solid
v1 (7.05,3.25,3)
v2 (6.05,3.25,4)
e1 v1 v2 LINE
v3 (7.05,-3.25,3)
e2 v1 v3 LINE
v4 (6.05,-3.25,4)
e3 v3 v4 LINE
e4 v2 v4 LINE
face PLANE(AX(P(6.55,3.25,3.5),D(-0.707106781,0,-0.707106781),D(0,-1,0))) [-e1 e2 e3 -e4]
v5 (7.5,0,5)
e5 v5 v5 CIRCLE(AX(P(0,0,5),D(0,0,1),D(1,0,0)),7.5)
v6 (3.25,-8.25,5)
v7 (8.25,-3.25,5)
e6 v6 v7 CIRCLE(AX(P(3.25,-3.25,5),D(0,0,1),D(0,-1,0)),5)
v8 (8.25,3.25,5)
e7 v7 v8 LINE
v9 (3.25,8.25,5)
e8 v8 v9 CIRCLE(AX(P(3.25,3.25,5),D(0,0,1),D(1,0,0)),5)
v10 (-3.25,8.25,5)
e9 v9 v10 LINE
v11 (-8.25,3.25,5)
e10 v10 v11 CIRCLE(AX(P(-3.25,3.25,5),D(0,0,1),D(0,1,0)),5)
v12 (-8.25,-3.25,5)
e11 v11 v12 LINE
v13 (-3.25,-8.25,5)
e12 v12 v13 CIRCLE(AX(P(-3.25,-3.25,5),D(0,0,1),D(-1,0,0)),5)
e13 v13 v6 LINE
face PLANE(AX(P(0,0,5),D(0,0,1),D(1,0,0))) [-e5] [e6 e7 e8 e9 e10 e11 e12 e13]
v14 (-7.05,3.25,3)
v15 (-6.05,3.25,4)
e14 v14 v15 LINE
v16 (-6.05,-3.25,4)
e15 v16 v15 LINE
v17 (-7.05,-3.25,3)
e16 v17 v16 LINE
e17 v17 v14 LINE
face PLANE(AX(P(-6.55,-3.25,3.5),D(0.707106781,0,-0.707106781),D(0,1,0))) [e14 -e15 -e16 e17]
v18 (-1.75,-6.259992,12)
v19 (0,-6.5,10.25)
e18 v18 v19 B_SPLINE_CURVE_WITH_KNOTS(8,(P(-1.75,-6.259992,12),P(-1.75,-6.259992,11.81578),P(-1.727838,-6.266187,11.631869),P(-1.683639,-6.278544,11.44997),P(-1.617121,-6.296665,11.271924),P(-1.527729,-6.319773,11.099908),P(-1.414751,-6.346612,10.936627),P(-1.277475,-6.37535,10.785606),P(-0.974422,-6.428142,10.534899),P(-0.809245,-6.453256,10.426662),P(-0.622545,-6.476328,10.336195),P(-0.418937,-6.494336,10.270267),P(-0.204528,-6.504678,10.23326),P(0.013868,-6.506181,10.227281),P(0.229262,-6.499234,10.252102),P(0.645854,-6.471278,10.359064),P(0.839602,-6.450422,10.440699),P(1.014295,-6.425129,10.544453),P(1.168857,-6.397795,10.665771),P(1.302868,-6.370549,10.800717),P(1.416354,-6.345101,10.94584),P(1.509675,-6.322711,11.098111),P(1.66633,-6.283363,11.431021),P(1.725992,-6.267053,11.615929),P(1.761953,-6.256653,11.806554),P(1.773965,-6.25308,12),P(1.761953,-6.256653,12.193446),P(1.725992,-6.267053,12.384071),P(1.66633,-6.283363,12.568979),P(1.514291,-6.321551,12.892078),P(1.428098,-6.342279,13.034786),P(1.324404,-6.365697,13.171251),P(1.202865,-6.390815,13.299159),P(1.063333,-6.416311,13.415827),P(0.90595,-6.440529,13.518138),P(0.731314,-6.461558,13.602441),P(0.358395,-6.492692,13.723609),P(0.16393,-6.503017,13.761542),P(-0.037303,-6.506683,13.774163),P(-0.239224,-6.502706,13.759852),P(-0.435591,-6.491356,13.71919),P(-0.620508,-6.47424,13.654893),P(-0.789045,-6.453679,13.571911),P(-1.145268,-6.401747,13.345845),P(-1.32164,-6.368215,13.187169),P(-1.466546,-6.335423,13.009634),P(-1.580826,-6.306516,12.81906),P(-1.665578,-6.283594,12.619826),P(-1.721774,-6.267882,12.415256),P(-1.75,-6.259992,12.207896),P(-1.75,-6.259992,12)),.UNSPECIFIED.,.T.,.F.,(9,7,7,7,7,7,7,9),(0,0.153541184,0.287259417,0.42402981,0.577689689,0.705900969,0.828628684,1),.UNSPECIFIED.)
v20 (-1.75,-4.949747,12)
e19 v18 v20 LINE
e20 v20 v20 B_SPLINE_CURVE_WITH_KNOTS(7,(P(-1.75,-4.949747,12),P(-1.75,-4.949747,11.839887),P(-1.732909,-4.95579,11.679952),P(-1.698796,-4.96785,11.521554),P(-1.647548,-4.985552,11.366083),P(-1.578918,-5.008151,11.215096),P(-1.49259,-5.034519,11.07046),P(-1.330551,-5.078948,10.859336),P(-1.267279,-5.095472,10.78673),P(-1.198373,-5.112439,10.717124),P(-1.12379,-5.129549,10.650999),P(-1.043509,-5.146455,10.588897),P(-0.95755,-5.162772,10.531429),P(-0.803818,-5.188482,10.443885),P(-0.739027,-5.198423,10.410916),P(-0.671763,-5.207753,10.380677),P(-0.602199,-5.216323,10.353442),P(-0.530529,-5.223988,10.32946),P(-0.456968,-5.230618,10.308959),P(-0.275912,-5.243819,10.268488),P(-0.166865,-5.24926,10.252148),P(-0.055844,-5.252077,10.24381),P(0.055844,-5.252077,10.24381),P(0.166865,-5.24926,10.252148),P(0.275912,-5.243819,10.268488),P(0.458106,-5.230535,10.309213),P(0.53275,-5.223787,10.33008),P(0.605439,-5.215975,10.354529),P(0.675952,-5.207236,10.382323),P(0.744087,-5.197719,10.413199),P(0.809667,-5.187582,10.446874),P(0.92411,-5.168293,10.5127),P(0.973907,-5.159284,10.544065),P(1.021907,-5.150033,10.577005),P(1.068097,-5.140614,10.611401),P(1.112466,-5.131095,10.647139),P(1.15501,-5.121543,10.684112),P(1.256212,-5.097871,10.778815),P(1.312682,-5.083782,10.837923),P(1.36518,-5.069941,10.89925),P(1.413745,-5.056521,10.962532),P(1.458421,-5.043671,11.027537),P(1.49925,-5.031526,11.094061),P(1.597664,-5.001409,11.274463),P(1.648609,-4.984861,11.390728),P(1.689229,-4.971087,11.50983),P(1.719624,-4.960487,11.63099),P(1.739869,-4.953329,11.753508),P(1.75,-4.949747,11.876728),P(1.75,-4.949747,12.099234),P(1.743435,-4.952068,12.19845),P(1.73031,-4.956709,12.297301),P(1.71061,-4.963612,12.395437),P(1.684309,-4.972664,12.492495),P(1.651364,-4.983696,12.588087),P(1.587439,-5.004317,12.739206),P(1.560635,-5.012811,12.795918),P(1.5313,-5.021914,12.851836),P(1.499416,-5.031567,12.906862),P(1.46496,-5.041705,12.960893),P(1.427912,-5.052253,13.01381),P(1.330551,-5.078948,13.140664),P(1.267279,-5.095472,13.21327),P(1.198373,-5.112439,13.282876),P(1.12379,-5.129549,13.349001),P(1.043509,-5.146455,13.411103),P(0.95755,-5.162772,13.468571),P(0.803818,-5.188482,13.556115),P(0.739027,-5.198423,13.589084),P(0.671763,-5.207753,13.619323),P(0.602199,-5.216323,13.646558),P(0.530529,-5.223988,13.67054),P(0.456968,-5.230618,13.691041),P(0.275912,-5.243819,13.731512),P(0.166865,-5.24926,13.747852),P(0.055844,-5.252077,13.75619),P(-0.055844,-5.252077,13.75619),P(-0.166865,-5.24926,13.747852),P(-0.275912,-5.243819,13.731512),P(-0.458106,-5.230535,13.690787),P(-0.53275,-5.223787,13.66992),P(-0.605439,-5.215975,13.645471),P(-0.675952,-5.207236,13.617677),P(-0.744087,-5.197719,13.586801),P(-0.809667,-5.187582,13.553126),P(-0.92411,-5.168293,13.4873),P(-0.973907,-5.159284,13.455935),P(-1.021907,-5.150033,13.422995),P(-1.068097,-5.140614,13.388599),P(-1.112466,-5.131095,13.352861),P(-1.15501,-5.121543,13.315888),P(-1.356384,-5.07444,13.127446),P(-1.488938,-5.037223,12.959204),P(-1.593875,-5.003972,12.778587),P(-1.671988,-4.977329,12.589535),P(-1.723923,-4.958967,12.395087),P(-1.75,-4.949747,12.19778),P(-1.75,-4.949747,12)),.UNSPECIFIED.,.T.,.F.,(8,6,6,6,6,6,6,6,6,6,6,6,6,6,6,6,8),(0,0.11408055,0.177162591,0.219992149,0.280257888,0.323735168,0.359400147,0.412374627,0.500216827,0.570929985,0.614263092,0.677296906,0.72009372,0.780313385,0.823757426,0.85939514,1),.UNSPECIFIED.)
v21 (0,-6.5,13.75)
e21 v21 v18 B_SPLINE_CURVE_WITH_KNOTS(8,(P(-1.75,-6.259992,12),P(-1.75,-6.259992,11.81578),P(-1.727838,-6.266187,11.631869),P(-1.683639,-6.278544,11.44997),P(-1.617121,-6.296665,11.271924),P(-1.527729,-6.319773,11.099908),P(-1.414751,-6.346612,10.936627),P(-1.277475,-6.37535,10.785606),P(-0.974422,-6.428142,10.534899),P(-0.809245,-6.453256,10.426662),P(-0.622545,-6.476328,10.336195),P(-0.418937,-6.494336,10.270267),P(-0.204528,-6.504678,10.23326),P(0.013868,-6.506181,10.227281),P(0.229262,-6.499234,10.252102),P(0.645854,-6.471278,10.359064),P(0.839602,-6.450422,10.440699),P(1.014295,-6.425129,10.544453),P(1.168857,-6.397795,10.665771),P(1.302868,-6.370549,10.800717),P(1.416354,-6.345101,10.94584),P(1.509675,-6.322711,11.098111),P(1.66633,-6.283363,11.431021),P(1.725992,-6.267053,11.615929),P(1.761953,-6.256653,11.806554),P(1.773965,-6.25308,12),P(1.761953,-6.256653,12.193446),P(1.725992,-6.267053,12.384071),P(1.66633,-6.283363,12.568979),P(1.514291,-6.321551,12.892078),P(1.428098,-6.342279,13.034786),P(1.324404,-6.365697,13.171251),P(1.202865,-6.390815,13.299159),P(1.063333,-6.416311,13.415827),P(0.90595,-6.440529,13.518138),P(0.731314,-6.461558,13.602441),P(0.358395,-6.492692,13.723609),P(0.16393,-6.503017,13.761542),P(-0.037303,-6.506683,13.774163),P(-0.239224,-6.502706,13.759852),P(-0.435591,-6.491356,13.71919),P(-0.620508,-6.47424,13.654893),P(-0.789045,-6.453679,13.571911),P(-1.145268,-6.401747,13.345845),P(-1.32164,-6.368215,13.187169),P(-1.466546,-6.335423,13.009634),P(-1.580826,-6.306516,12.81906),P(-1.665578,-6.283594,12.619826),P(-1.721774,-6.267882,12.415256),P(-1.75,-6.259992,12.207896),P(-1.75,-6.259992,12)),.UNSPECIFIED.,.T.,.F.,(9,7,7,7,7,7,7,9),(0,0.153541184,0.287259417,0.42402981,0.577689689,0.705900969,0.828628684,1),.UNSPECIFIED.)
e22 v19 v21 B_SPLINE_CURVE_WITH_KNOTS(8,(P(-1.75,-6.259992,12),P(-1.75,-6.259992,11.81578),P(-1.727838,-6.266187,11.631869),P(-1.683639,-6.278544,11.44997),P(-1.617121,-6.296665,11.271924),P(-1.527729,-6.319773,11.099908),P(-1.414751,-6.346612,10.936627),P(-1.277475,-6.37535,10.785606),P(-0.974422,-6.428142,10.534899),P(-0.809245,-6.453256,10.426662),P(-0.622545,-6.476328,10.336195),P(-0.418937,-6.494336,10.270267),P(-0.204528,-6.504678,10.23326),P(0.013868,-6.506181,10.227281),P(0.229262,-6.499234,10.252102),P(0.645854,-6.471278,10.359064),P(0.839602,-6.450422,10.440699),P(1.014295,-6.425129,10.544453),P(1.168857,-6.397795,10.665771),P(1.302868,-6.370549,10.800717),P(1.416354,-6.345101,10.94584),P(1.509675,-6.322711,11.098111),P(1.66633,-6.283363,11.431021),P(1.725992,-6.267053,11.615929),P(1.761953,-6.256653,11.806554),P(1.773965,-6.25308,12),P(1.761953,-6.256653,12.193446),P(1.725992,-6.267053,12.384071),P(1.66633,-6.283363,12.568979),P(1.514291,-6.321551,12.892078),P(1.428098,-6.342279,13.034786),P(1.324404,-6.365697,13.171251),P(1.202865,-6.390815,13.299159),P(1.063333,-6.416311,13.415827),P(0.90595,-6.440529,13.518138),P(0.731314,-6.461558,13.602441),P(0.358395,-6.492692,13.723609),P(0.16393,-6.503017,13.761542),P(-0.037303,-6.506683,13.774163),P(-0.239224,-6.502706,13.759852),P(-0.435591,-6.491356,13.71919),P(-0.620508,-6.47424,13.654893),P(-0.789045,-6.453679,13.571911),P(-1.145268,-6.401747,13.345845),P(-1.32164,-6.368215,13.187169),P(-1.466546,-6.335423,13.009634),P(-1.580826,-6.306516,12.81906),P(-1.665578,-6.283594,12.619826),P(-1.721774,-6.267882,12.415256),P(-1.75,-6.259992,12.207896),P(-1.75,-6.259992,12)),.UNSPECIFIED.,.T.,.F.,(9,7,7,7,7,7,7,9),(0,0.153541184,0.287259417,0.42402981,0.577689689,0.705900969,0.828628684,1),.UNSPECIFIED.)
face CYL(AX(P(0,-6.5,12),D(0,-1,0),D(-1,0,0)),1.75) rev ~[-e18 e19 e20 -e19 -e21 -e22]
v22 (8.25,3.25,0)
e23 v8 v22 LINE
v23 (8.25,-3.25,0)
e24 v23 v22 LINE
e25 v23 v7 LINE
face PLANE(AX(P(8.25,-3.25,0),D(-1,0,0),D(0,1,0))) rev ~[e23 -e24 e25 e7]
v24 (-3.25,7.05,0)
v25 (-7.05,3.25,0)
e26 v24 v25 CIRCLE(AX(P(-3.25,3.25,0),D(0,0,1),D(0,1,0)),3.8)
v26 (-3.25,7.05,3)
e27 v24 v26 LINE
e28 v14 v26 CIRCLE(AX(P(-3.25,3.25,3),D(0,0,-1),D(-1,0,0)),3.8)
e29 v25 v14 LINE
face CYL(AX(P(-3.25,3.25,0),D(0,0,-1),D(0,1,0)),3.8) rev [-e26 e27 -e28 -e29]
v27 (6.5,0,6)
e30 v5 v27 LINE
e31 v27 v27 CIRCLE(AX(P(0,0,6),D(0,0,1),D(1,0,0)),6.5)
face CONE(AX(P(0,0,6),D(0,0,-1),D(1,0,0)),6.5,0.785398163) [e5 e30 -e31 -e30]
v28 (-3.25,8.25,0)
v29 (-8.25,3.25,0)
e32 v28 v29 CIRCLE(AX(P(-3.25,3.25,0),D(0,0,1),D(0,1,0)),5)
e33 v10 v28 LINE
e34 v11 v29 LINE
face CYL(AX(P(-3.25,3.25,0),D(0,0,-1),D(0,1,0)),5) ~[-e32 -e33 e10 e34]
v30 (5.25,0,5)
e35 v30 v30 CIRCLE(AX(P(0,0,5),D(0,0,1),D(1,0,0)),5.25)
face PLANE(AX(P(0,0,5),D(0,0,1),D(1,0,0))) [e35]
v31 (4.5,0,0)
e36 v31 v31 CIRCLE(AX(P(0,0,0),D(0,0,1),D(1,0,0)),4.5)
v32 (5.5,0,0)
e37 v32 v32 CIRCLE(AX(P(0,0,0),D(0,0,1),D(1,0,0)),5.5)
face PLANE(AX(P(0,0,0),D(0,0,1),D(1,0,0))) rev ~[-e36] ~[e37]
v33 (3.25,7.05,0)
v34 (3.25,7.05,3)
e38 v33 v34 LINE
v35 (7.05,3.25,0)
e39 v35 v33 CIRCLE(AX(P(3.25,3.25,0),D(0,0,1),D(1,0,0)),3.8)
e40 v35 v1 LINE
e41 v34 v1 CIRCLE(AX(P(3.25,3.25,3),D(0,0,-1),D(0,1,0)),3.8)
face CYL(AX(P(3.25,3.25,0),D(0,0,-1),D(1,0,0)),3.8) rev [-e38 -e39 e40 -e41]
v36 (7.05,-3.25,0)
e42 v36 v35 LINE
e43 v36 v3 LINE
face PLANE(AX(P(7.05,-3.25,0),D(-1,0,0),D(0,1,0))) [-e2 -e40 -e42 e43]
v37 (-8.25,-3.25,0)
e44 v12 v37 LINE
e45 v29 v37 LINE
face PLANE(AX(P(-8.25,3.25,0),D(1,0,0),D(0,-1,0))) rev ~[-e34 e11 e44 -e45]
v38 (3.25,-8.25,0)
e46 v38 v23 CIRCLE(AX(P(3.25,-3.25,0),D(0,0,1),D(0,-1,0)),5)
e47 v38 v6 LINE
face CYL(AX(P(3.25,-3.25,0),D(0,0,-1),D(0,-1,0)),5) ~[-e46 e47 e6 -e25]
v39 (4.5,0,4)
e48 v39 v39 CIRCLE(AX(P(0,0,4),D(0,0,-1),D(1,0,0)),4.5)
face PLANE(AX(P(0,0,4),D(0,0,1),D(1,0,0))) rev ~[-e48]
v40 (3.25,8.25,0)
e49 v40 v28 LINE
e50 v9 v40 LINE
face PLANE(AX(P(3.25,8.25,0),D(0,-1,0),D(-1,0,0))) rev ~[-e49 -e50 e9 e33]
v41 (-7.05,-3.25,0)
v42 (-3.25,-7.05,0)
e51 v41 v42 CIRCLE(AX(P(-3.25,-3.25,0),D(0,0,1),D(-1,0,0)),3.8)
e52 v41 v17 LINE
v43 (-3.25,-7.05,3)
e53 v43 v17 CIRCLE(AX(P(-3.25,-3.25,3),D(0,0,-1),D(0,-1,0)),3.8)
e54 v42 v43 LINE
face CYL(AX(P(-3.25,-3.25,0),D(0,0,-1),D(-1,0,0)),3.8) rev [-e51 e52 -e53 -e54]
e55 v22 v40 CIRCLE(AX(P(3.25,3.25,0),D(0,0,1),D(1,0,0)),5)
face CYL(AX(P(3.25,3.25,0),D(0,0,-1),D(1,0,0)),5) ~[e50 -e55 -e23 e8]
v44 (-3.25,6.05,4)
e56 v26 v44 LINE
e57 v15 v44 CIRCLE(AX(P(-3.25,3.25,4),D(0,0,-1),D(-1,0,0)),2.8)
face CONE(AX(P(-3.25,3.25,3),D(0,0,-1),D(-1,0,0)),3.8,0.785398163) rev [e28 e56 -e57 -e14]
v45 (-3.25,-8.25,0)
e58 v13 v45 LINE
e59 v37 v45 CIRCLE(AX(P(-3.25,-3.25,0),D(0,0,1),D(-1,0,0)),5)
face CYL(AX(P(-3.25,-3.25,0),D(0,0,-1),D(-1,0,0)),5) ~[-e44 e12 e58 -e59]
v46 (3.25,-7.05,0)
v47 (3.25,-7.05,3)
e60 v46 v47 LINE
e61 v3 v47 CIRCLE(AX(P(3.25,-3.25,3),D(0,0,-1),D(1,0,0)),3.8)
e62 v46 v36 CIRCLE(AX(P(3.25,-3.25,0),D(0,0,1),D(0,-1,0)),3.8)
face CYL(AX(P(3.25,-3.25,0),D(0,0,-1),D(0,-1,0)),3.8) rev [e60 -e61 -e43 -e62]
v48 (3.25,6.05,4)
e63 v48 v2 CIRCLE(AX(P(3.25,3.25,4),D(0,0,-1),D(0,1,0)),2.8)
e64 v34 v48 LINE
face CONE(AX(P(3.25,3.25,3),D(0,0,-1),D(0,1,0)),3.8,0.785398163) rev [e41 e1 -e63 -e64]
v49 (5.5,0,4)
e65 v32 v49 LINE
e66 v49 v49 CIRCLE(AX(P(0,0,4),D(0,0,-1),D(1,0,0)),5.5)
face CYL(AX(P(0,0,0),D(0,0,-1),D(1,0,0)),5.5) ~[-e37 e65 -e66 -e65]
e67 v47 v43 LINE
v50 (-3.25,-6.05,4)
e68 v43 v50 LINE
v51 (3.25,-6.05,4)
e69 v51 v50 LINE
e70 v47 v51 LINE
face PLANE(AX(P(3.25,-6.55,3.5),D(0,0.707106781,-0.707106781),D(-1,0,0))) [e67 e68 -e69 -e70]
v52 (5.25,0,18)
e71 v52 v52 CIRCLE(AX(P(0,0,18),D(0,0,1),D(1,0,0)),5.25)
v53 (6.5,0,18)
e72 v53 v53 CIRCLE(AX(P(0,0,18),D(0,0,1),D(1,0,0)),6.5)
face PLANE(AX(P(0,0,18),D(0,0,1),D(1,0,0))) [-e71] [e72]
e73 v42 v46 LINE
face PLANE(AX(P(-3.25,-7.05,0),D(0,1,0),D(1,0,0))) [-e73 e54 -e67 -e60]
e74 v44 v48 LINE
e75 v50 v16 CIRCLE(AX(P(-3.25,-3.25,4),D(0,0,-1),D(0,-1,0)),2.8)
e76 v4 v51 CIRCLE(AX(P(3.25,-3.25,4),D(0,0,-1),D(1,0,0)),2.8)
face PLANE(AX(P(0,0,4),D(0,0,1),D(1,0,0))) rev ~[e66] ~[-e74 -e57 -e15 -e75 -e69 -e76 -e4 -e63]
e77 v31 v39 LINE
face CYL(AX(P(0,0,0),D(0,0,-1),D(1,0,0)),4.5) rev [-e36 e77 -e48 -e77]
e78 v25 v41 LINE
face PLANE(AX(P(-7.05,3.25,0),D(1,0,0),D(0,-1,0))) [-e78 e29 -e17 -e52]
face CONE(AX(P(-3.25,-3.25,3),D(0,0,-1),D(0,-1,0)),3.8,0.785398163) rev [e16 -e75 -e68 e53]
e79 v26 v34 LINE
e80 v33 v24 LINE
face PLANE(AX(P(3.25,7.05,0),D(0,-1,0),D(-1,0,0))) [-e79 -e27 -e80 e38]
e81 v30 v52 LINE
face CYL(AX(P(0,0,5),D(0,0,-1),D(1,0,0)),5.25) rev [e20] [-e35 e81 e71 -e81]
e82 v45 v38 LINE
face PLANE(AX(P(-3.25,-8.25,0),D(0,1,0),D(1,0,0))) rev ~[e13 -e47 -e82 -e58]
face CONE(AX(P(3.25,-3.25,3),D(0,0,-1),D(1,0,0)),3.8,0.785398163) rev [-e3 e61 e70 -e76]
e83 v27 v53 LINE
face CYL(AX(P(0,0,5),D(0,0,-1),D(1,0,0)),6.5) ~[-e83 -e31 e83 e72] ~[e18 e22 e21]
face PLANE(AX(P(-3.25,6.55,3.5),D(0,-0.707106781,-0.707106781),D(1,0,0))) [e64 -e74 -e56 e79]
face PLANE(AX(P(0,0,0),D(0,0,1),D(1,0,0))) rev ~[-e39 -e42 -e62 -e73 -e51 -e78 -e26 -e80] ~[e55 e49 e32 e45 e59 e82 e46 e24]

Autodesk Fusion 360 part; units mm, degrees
sketch "Sketch1" plane through (0, 0, 0) normal (0, 0, 1) x (1, 0, 0)
  circle A0 centre (0, 0) radius 5.25
  circle A1 centre (0, 0) radius 6.5
  dimension "d1" = 10.5
  dimension "d2" = 1.25
sketch "Sketch2" plane through (0, 0, 0) normal (0, 0, 1) x (1, 0, 0)
  arc A0 (3.25, -8.25) -> (8.25, -3.25) centre (3.25, -3.25) ccw
  line L0 (3.25, 7.05) -> (-3.25, 7.05)
  line L1 (-8.25, 8.25) -> (8.25, -8.25) construction
  line L2 (8.25, -3.25) -> (8.25, 3.25)
  line L3 (7.05, -3.25) -> (7.05, 3.25)
  circle A1 centre (0, 0) radius 5.5
  arc A2 (-3.25, 8.25) -> (-8.25, 3.25) centre (-3.25, 3.25) ccw
  line L4 (8.25, 8.25) -> (-8.25, -8.25) construction
  line L5 (-8.25, 3.25) -> (-8.25, -3.25)
  arc A3 (-7.05, -3.25) -> (-3.25, -7.05) centre (-3.25, -3.25) ccw
  line L6 (3.25, 9.25) -> (-3.25, 9.25)
  arc A4 (-8.25, -3.25) -> (-3.25, -8.25) centre (-3.25, -3.25) ccw
  line L7 (-3.25, -7.05) -> (3.25, -7.05)
  arc A5 (8.25, 3.25) -> (3.25, 8.25) centre (3.25, 3.25) ccw
  arc A6 (3.25, -9.25) -> (9.25, -3.25) centre (3.25, -3.25) ccw
  line L8 (3.25, 8.25) -> (-3.25, 8.25)
  line L9 (9.25, -3.25) -> (9.25, 3.25)
  arc A7 (3.25, -7.05) -> (7.05, -3.25) centre (3.25, -3.25) ccw
  arc A8 (-3.25, 7.05) -> (-7.05, 3.25) centre (-3.25, 3.25) ccw
  arc A9 (-9.25, -3.25) -> (-3.25, -9.25) centre (-3.25, -3.25) ccw
  circle A10 centre (0, 0) radius 4.5
  line L10 (-3.25, -9.25) -> (3.25, -9.25)
  arc A11 (7.05, 3.25) -> (3.25, 7.05) centre (3.25, 3.25) ccw
  line L11 (-9.25, 3.25) -> (-9.25, -3.25)
  arc A12 (9.25, 3.25) -> (3.25, 9.25) centre (3.25, 3.25) ccw
  line L12 (-3.25, -8.25) -> (3.25, -8.25)
  arc A13 (-3.25, 9.25) -> (-9.25, 3.25) centre (-3.25, 3.25) ccw
  line L13 (-7.05, 3.25) -> (-7.05, -3.25)
  dimension "d3" = 1
  dimension "d4" = 1.2
  dimension "d5" = 1
  dimension "d6" = 16.5
  dimension "d7" = 16.5
  dimension "d8" = 5
  dimension "d9" = 11
extrude "Extrude1" add sketch "Sketch2" along normal blind 5 contours A0 L2 A2 L5 A4 A5 L8 L12 | A1 makes body 1 at (7.45, 1.0833, 0) makes body 2 at (5.4932, -0.2742, 3.3333)
extrude "Extrude2" add sketch "Sketch2" against normal blind 1 from surface at 5 contours A0 L2 A2 L5 A4 A5 L8 L12 | L0 L3 A3 L7 A7 A8 A11 L13 | A1 | A10 bodies 1 2
extrude "Extrude3" add sketch "Sketch1" along normal blind 13 from surface at 5 bodies 1
ref_plane "WorkPlane1" through (0, -6.5, 9.9379) normal (0, -1, 0) x (-1, 0, 0)
sketch "Sketch3" plane through (0, -6.5, 0) normal (0, -1, 0) x (-1, 0, 0)
  line L0 (0, 0) -> (0, -19) construction
  line L1 (0, 0) -> (0, -5) construction
  line L2 (0, -5) -> (0, -19) construction
  circle A0 centre (0, -12) radius 1.75
  dimension "d19" = 19
  dimension "d20" = 5
  dimension "d21" = 3.5
extrude "Extrude4" cut sketch "Sketch3" against normal blind 4 bodies 1
chamfer "Chamfer1" distance 1 angle 45 1 edges at (-6.0601, 2.3505, 5) on bodies 1
chamfer "Chamfer2" distance 1 angle 45 8 edges at (5.937, -5.937, 4) (7.05, 0, 4) (5.937, 5.937, 4) (0, 7.05, 4) (-5.937, 5.937, 4) (-7.05, 0, 4) (-5.937, -5.937, 4) (0, -7.05, 4) on bodies 1
